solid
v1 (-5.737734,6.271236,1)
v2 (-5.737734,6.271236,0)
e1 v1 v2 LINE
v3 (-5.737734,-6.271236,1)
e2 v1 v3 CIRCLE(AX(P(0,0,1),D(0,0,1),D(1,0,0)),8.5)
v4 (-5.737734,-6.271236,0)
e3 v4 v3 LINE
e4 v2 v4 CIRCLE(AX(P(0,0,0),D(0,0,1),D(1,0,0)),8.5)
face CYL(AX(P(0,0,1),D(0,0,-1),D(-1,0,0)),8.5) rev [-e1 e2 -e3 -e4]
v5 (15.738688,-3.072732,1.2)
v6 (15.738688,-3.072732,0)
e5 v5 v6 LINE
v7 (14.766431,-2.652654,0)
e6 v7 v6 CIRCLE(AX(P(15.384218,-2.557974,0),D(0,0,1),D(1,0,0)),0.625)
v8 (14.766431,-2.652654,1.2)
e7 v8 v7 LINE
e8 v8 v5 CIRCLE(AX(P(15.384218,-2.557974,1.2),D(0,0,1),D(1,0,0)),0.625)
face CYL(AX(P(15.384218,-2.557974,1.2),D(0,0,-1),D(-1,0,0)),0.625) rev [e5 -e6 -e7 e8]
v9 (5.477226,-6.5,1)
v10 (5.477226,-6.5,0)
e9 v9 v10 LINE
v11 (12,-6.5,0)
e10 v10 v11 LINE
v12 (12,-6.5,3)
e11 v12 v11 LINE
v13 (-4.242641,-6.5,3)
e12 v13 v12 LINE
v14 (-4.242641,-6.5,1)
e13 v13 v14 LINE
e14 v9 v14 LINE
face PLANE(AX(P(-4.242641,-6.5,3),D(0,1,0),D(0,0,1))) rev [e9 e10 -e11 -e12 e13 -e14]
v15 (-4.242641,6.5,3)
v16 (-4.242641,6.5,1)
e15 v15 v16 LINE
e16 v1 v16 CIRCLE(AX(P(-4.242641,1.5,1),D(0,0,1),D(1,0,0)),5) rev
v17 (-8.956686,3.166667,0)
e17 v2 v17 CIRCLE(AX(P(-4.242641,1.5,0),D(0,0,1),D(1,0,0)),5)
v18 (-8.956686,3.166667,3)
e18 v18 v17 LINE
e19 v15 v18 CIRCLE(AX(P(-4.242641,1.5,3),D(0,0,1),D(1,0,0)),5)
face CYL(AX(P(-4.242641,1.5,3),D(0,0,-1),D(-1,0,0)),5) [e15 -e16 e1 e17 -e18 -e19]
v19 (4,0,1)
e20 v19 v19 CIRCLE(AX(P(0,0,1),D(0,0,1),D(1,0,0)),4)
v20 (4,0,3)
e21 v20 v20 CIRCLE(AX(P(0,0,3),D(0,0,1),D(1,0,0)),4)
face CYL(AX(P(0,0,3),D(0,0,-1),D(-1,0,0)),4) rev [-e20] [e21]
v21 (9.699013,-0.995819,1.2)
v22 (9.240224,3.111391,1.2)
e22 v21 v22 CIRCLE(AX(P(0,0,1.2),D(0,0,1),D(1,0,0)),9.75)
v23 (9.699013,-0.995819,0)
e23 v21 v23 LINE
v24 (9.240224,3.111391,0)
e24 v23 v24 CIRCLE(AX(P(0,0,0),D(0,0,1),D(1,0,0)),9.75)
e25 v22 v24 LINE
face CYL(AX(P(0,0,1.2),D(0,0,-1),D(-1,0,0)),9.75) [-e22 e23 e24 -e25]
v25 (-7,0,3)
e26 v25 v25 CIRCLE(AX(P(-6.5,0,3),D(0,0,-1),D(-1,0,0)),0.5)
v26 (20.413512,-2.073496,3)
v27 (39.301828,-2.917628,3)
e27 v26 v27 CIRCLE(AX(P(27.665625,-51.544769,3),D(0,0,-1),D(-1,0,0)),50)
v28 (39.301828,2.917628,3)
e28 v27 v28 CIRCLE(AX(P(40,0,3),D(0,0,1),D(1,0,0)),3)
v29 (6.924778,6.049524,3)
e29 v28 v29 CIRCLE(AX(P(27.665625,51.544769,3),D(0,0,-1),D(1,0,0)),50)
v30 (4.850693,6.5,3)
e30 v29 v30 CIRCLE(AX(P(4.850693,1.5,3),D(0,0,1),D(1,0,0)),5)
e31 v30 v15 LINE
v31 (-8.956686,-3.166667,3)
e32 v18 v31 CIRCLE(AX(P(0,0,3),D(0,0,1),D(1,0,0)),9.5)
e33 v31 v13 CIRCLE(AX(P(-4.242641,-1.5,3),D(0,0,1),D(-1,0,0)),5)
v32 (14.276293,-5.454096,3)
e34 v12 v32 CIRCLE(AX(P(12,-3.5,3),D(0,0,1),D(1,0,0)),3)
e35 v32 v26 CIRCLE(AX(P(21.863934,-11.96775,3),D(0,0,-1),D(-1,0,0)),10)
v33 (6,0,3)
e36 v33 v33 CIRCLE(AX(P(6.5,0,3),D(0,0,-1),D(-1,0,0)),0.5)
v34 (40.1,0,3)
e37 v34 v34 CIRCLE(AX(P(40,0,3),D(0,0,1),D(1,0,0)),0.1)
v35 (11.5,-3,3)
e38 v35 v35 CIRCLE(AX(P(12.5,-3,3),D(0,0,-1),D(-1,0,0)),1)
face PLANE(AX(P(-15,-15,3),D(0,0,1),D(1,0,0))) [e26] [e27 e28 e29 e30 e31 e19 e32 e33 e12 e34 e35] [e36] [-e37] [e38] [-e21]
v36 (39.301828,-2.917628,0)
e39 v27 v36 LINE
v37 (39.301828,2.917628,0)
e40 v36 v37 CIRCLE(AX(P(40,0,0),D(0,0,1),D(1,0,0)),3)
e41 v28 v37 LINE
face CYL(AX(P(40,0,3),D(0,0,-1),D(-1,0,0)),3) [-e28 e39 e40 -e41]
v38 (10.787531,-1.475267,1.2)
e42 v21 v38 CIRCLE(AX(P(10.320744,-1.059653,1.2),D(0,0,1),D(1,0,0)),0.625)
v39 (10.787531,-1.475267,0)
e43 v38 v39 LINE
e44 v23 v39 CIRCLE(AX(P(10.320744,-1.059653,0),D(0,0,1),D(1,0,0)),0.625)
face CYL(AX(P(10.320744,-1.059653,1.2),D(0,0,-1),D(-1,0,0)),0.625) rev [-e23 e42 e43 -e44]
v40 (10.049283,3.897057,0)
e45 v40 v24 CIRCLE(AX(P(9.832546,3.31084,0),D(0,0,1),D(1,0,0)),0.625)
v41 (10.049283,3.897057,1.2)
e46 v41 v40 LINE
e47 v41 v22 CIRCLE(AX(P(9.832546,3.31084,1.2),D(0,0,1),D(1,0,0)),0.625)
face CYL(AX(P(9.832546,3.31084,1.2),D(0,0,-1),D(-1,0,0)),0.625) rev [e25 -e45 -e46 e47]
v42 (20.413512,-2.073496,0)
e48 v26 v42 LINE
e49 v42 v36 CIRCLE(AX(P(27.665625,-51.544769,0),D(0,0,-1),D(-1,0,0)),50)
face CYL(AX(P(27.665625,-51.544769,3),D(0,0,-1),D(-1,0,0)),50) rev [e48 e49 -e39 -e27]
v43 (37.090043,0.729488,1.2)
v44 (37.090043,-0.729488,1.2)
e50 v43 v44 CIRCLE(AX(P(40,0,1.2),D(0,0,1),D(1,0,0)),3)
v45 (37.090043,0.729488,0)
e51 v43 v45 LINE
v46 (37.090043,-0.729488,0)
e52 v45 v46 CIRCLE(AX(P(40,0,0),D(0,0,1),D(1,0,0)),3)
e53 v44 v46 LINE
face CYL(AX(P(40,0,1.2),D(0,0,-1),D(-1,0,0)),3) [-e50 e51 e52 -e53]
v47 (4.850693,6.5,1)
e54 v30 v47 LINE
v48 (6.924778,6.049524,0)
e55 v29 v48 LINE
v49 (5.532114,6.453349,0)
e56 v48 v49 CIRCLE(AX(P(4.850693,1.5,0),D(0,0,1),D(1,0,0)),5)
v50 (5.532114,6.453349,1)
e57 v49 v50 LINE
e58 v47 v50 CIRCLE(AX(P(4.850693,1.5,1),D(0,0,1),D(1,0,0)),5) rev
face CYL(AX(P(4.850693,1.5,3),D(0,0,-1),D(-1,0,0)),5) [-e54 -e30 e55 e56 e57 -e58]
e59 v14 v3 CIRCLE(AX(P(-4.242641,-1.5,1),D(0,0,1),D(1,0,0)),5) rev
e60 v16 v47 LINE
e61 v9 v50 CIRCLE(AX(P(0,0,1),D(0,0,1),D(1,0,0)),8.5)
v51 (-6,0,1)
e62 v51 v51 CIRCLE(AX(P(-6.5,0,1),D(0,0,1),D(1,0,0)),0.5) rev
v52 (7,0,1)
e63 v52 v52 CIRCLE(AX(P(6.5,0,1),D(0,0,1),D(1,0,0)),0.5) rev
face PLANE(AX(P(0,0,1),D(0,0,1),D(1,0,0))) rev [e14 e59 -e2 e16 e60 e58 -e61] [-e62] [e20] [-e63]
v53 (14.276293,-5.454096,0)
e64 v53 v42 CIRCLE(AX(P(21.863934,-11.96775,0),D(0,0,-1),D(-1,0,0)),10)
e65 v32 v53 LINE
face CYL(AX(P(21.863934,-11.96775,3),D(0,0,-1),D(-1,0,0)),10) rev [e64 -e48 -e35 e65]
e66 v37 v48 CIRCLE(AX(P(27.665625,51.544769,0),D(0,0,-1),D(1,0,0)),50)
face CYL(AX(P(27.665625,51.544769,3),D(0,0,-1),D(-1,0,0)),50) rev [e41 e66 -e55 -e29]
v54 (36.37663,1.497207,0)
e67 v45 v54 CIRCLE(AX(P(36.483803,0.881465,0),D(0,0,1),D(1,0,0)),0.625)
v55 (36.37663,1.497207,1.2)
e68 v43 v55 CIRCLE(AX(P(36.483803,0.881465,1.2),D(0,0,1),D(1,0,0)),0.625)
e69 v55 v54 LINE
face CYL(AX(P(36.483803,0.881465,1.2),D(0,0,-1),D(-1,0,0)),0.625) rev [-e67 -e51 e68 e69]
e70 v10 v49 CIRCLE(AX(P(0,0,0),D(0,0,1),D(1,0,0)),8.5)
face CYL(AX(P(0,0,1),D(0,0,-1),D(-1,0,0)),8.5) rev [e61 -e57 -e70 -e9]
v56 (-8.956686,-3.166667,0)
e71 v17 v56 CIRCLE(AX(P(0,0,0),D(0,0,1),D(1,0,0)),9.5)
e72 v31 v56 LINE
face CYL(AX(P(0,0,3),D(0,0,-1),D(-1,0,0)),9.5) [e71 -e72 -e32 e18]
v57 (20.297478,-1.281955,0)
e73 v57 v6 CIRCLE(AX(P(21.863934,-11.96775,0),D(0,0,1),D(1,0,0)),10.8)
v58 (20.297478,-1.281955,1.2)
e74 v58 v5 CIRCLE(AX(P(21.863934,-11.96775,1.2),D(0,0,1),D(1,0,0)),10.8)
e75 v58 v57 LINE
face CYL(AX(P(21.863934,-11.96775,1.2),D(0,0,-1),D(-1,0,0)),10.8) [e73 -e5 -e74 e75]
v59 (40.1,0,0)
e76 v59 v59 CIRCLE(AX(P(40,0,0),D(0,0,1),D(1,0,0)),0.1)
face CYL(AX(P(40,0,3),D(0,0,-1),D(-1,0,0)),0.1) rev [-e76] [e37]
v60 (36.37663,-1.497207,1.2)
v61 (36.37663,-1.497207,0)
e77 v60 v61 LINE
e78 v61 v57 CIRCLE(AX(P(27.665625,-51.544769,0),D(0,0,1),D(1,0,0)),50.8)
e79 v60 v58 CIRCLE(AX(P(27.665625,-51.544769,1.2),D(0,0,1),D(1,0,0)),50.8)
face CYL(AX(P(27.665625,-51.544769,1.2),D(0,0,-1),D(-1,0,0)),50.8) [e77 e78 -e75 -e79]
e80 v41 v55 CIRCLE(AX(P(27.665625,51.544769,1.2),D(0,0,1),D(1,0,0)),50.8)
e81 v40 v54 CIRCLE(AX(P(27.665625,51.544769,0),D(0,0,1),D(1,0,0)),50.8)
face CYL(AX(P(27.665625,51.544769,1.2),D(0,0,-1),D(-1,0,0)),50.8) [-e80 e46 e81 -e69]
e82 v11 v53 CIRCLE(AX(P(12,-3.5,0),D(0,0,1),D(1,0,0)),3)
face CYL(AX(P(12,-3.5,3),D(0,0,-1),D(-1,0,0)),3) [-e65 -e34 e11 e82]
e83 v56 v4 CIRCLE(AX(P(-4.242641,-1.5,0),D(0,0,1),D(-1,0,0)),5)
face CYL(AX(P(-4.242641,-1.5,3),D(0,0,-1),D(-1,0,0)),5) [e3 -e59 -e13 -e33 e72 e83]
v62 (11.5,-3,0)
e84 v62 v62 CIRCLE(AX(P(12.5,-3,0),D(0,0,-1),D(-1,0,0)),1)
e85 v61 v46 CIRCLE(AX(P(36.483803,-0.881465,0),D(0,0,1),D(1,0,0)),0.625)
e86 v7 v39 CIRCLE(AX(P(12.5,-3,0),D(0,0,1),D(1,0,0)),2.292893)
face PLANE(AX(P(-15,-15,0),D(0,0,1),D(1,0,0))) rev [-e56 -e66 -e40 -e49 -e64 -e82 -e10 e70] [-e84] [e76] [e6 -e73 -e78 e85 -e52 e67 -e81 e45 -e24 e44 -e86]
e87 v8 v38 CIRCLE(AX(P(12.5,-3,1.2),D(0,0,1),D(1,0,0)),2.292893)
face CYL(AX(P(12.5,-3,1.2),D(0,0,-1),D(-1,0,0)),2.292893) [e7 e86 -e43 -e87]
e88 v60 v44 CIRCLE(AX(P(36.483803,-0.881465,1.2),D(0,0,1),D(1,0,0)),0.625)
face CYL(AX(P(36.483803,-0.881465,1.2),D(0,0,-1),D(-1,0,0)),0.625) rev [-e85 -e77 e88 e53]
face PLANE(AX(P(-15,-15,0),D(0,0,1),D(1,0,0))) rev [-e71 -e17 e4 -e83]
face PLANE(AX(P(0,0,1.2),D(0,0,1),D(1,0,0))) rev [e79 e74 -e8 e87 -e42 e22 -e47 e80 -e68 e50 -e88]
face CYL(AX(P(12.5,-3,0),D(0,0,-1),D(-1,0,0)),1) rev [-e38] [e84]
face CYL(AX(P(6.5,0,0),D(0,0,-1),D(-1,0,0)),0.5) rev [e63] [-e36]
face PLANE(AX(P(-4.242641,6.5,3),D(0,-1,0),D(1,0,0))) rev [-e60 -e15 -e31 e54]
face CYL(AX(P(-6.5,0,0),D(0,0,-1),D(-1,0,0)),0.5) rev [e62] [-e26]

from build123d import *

# Parameters (mm, degrees)
SKIZZE1_W                       = 70
SKIZZE1_H                       = 30
SKIZZE1_R                       = 4
SKIZZE1_R_2                     = 0.1
LINEAR_AUSTRAGEN1_DEPTH         = 3
F_1_0_1_DIAMETER_HOLE1_D        = 1
F_2_0_2_DIAMETER_HOLE1_D        = 2
SKIZZE7_R                       = 8.5
SCHNITT_LINEAR_AUSTRAGEN1_DEPTH = 1
SKIZZE8_OUTSIDE_W               = 87.244
SKIZZE8_OUTSIDE_H               = 47.244
SCHNITT_LINEAR_AUSTRAGEN2_DEPTH = 58.087651905
SCHNITT_LINEAR_AUSTRAGEN3_DEPTH = 1.2


with BuildPart() as part:
    # Skizze1 → Linear austragen1 (new body)
    with BuildSketch(Plane.XY):
        with Locations((20, 0)):
            Rectangle(SKIZZE1_W, SKIZZE1_H)
        Circle(SKIZZE1_R, mode=Mode.SUBTRACT)
        with Locations((40, 0)):
            Circle(SKIZZE1_R_2, mode=Mode.SUBTRACT)
    extrude(amount=LINEAR_AUSTRAGEN1_DEPTH)

    # Ø1.0 (1) Diameter Hole1 (through all)
    with Locations(Plane(origin=(0, 0, 0), x_dir=(-1, 0, 0), z_dir=(0, 0, -1))):
        with Locations((6.5, 0), (-6.5, 0)):
            Hole(F_1_0_1_DIAMETER_HOLE1_D / 2)

    # Ø2.0 (2) Diameter Hole1 (through all)
    with Locations(Plane(origin=(0, 0, 0), x_dir=(1, 0, 0), z_dir=(0, 0, -1))):
        with Locations((12.5, 3)):
            Hole(F_2_0_2_DIAMETER_HOLE1_D / 2)

    # Skizze7 → Schnitt-Linear austragen1 (cut)
    with BuildSketch(Plane.XY):
        Circle(SKIZZE7_R)
    extrude(amount=SCHNITT_LINEAR_AUSTRAGEN1_DEPTH, mode=Mode.SUBTRACT)

    # Skizze8 outside → Schnitt-Linear austragen2 (cut, through all)
    with BuildSketch(Plane.XY):
        with Locations((20, 0)):
            Rectangle(SKIZZE8_OUTSIDE_W, SKIZZE8_OUTSIDE_H)
        with BuildLine():
            Line((-4.242640687, 6.5), (4.850693198, 6.5))
            ThreePointArc((4.850693198, 6.5), (5.911913676, 6.386083411), (6.924777907, 6.049524439))
            ThreePointArc((6.924777907, 6.049524439), (22.851496839, 1.777066749), (39.30182783, 2.917628424))
            ThreePointArc((39.30182783, 2.917628424), (43, 0), (39.30182783, -2.917628424))
            ThreePointArc((39.30182783, -2.917628424), (29.897933333, -1.594625688), (20.413511825, -2.073495804))
            ThreePointArc((20.413511825, -2.073495804), (17.039126957, -3.208684673), (14.276292568, -5.454096248))
            ThreePointArc((14.276292568, -5.454096248), (13.252539671, -6.226012541), (12, -6.5))
            Line((12, -6.5), (-4.242640687, -6.5))
            ThreePointArc((-4.242640687, -6.5), (-7.129392033, -5.582482905), (-8.956685895, -3.166666667))
            ThreePointArc((-8.956685895, -3.166666667), (-9.5, 0), (-8.956685895, 3.166666667))
            ThreePointArc((-8.956685895, 3.166666667), (-7.129392033, 5.582482905), (-4.242640687, 6.5))
        make_face(mode=Mode.SUBTRACT)
    extrude(amount=SCHNITT_LINEAR_AUSTRAGEN2_DEPTH, mode=Mode.SUBTRACT)

    # Skizze10 → Schnitt-Linear austragen3 (cut)
    with BuildSketch(Plane.XY):
        with BuildLine():
            ThreePointArc((36.376629725, 1.49720748), (23.054109204, 0.954513618), (10.049282761, 3.89705654))
            ThreePointArc((10.049282761, 3.89705654), (9.397134344, 3.759216075), (9.240224203, 3.111391438))
            ThreePointArc((9.240224203, 3.111391438), (9.689735111, 1.082373999), (9.699012563, -0.995818907))
            ThreePointArc((9.699012563, -0.995818907), (10.068812364, -1.631628436), (10.787531238, -1.47526722))
            ThreePointArc((10.787531238, -1.47526722), (13.150598424, -0.801345638), (14.766431088, -2.652653724))
            ThreePointArc((14.766431088, -2.652653724), (15.136326342, -3.131711101), (15.73868827, -3.072731627))
            ThreePointArc((15.73868827, -3.072731627), (17.915226797, -1.915501516), (20.297478014, -1.281955435))
            ThreePointArc((20.297478014, -1.281955435), (28.345625064, -0.749320212), (36.376629725, -1.49720748))
            ThreePointArc((36.376629725, -1.49720748), (36.94164037, -1.30691696), (37.090043464, -0.729488148))
            ThreePointArc((37.090043464, -0.729488148), (37, 0), (37.090043464, 0.729488148))
            ThreePointArc((37.090043464, 0.729488148), (36.94164037, 1.30691696), (36.376629725, 1.49720748))
        make_face()
    extrude(amount=SCHNITT_LINEAR_AUSTRAGEN3_DEPTH, mode=Mode.SUBTRACT)


solid = part.part
